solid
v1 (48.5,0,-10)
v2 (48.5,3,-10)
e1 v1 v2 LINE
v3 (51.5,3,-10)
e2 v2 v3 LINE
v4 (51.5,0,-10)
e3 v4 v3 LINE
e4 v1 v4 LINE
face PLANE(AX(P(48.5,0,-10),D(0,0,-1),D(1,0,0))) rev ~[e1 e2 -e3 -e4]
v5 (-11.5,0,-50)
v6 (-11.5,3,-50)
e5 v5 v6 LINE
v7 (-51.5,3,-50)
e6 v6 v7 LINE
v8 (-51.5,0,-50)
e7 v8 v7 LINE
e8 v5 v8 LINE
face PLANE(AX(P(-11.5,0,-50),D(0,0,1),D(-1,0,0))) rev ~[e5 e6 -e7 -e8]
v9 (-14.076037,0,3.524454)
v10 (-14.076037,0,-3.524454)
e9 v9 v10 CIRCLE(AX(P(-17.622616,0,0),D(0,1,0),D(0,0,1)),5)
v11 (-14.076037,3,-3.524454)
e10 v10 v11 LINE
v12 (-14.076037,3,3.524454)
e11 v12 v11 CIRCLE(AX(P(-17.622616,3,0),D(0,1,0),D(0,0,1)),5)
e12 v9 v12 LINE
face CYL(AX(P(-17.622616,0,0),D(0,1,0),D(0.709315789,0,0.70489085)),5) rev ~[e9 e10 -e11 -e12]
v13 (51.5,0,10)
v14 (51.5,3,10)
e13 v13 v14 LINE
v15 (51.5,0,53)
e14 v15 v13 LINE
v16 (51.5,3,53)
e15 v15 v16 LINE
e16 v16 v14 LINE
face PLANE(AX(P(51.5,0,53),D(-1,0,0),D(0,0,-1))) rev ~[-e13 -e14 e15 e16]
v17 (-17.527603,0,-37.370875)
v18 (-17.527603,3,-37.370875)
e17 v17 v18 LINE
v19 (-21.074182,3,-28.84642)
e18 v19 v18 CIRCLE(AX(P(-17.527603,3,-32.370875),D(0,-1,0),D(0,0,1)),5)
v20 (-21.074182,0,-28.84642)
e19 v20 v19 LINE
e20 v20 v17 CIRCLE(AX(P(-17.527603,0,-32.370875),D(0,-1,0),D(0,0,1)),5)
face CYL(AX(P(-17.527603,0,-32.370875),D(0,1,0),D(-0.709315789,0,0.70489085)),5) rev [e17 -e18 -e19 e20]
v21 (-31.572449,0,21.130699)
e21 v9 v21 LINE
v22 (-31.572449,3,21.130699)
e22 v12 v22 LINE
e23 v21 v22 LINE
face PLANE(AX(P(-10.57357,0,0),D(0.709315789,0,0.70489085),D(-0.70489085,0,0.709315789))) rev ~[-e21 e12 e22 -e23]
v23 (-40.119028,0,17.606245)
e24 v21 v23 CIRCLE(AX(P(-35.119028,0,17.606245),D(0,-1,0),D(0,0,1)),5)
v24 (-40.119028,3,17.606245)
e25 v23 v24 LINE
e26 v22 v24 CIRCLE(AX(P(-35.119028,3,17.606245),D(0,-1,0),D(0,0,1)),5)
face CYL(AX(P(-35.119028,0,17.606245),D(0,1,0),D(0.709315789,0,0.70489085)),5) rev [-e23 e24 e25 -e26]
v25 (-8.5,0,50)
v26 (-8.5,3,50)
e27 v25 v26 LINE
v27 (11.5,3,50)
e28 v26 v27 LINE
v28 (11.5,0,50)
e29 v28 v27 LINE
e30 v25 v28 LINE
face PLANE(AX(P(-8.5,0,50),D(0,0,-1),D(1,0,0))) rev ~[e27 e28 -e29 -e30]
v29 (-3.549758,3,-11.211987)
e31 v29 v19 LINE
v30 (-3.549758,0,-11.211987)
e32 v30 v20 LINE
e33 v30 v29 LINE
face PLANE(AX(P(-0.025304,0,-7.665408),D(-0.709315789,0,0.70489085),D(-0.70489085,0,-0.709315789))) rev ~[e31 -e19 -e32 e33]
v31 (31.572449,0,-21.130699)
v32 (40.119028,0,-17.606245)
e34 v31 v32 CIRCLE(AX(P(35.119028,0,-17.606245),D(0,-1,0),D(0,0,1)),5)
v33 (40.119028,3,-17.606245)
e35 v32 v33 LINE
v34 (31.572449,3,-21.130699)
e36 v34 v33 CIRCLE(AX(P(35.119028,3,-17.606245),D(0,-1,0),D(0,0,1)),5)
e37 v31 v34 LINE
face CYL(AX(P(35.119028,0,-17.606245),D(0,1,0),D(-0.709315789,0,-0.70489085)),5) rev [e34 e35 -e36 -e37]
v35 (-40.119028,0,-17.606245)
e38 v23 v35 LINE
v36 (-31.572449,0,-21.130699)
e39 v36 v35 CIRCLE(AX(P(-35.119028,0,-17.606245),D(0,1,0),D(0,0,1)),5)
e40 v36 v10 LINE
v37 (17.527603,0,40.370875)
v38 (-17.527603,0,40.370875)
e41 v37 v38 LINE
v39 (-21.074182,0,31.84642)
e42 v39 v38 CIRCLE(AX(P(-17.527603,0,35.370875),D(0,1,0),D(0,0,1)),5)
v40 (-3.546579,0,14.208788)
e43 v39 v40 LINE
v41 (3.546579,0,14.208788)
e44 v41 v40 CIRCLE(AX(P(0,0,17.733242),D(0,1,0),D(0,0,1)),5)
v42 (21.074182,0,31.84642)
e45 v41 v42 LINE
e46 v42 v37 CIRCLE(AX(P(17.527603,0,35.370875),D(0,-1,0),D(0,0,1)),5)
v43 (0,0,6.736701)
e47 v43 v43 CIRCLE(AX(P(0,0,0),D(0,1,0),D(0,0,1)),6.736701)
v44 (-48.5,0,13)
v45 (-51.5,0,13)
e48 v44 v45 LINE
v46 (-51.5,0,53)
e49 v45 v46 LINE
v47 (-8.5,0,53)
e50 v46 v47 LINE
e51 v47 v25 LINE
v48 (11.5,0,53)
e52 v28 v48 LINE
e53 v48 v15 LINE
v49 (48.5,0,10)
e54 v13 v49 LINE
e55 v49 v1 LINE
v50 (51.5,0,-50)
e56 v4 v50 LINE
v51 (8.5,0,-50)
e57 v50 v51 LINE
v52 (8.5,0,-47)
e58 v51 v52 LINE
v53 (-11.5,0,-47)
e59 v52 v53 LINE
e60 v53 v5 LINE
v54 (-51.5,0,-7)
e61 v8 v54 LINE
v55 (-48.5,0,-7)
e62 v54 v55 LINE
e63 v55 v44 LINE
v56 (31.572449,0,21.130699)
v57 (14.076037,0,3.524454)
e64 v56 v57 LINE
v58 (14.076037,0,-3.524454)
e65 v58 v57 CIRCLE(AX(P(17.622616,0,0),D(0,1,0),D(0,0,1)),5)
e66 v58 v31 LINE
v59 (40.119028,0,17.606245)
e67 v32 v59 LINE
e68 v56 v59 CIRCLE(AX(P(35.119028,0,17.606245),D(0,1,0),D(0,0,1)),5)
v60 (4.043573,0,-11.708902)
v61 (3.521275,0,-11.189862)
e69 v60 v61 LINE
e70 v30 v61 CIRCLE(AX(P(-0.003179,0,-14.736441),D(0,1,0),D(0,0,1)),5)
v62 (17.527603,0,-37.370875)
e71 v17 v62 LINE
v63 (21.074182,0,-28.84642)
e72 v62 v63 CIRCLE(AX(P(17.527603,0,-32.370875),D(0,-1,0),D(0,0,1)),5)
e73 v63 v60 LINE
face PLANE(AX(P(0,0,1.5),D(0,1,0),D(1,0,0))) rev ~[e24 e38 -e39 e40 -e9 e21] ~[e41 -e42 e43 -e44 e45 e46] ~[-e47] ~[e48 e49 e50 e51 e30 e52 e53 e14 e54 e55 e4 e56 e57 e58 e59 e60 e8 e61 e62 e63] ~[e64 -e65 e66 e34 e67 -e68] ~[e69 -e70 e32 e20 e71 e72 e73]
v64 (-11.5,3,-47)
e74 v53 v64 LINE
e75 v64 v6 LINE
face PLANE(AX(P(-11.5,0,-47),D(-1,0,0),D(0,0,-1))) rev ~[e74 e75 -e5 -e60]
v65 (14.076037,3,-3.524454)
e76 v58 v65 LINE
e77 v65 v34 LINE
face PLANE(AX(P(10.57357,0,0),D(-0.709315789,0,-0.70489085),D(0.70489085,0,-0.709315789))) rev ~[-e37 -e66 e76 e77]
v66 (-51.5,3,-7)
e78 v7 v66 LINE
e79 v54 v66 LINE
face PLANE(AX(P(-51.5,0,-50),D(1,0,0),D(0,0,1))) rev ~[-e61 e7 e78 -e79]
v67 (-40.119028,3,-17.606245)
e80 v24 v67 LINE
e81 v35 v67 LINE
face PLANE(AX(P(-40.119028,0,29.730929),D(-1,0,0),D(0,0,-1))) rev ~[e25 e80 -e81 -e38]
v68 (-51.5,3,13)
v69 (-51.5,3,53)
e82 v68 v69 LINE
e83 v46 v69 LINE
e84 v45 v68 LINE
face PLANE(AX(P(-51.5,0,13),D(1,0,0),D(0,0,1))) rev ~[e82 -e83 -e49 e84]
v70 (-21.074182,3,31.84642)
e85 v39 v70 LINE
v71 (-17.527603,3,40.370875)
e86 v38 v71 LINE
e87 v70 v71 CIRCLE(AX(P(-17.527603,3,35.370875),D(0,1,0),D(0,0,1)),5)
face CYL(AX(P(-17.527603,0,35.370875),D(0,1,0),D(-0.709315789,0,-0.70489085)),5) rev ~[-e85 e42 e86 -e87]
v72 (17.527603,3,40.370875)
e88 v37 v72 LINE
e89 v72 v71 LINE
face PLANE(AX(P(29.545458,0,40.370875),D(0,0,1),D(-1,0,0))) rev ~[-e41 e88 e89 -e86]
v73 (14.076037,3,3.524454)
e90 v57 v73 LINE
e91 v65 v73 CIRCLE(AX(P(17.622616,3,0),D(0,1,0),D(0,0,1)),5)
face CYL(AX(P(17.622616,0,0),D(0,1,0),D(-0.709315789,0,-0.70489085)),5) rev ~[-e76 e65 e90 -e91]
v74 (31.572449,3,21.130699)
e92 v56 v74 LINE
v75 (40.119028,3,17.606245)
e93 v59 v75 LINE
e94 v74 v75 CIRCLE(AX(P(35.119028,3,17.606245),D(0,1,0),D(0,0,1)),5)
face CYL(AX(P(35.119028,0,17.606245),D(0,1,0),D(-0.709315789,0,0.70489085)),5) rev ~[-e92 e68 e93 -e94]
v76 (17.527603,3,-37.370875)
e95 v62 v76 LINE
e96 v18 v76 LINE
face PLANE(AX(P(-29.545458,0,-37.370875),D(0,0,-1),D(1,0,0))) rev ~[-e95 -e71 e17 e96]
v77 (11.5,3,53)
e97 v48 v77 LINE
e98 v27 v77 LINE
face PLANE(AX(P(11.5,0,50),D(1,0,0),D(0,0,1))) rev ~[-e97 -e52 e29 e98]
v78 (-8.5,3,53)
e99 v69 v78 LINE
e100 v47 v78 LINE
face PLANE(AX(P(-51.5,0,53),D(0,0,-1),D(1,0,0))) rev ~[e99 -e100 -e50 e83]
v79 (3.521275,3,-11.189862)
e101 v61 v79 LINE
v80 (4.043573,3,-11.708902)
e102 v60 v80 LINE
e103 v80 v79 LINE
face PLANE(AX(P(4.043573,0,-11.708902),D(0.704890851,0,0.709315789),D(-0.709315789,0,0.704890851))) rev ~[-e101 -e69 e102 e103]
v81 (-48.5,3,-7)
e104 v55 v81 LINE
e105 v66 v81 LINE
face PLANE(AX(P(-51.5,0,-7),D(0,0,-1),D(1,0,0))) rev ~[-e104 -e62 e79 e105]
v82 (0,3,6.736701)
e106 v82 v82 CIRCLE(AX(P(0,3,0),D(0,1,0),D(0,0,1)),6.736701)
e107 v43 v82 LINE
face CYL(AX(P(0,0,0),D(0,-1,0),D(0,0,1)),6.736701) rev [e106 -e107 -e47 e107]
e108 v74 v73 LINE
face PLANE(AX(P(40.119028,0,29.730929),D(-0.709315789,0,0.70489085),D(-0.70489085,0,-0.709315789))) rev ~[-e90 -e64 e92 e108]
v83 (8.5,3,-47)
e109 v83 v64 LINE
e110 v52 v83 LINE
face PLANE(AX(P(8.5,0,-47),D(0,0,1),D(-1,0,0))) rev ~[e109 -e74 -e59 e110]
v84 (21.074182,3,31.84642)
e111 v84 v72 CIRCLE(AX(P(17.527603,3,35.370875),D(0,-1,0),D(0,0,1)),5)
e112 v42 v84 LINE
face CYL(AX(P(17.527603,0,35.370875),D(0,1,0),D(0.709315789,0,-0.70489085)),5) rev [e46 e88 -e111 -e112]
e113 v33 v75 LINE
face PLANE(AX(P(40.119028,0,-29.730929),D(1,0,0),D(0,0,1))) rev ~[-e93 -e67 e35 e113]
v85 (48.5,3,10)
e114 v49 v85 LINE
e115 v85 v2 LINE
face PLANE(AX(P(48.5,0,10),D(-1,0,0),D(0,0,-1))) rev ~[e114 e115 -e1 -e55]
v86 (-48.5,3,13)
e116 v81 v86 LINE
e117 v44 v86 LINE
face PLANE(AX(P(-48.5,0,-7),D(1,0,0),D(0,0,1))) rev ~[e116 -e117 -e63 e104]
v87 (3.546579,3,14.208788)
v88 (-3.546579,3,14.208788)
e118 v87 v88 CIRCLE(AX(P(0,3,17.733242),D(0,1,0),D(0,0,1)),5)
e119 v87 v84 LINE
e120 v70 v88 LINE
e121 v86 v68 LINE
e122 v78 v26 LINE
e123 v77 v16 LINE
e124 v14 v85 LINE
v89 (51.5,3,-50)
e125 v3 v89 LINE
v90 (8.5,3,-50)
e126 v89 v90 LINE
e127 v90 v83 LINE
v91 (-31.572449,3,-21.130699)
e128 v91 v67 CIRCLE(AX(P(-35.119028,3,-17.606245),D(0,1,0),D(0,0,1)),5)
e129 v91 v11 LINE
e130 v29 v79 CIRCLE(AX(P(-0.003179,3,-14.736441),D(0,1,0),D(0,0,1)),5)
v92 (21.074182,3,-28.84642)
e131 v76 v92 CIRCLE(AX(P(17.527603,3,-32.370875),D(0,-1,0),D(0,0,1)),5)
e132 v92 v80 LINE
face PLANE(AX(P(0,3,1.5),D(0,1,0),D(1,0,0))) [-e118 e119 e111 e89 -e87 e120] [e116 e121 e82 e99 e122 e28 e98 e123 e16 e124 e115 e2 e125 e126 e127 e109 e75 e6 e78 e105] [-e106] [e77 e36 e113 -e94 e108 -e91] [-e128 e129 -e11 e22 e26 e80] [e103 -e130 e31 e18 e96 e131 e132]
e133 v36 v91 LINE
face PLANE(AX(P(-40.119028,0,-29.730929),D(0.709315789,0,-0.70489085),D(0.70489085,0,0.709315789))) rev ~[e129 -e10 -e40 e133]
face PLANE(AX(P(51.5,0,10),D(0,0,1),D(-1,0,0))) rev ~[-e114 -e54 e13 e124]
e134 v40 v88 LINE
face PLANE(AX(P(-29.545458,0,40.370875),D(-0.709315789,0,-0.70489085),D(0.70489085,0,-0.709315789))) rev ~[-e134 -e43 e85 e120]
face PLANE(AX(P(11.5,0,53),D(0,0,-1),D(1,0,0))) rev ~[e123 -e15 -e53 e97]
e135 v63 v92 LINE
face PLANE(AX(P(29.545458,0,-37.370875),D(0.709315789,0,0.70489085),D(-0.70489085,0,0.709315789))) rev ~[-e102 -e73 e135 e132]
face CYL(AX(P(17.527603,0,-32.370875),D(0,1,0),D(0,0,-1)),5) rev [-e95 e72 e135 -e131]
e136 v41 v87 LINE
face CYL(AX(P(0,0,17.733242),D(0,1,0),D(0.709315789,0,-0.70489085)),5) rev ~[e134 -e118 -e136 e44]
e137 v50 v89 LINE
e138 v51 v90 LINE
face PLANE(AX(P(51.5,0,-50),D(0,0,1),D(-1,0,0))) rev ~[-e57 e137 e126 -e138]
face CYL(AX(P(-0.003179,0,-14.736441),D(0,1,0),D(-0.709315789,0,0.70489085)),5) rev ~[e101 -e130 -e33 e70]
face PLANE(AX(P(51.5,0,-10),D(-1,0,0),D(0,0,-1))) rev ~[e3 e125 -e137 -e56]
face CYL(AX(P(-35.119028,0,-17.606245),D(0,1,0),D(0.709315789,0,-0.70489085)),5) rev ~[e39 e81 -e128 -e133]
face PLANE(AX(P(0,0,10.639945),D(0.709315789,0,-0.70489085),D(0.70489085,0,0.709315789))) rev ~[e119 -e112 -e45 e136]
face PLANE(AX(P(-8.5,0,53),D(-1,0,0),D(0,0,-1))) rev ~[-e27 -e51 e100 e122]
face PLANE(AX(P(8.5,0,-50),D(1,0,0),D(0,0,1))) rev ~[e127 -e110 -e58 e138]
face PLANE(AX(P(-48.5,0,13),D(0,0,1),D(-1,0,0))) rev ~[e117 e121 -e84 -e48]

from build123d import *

# Parameters (mm, degrees)
SKETCH1_R           = 6.736700536
BOSS_EXTRUDE1_DEPTH = 3
FILLET1_R           = 5
FILLET2_R           = 5


with BuildPart() as part:
    # Sketch1 → Boss-Extrude1 (new body)
    with BuildSketch(Plane(origin=(0, 0, 0), x_dir=(1, 0, 0), z_dir=(0, 1, 0))):
        Polygon((-51.5, -13), (-51.5, -53), (-8.5, -53), (-8.5, -50), (11.5, -50), (11.5, -53), (51.5, -53), (51.5, -10), (48.5, -10), (48.5, 10), (51.5, 10), (51.5, 50), (8.5, 50), (8.5, 47), (-11.5, 47), (-11.5, 50), (-51.5, 50), (-51.5, 7), (-48.5, 7), (-48.5, -13), align=None)
        Polygon((-40.119028072, -29.730929333), (-40.119028072, 29.730929333), (-10.573569788, 0), align=None, mode=Mode.SUBTRACT)
        Polygon((-29.545458284, 37.370874503), (29.545458284, 37.370874503), (4.043573282, 11.708901907), (-0.025303783, 7.665407798), align=None, mode=Mode.SUBTRACT)
        Polygon((40.119028072, 29.730929333), (40.119028072, -29.730929333), (10.573569788, 0), align=None, mode=Mode.SUBTRACT)
        Polygon((29.545458284, -40.370874503), (-29.545458284, -40.370874503), (0, -10.63994517), align=None, mode=Mode.SUBTRACT)
        with Locations(Location((0, 0, 0), (0, 0, 270))):
            Circle(SKETCH1_R, mode=Mode.SUBTRACT)
    extrude(amount=BOSS_EXTRUDE1_DEPTH)

    # Fillet1
    fillet1_edges = [part.edges().sort_by_distance(p)[0] for p in [
        (29.545458284, 1.5, 40.370874503),
        (-29.545458284, 1.5, 40.370874503),
        (-40.119028072, 1.5, -29.730929333),
        (-40.119028072, 1.5, 29.730929333),
        (29.545458284, 1.5, -37.370874503),
        (-29.545458284, 1.5, -37.370874503),
        (40.119028072, 1.5, 29.730929333),
        (40.119028072, 1.5, -29.730929333),
    ]]
    fillet(fillet1_edges, radius=FILLET1_R)

    # Fillet2
    fillet2_edges = [part.edges().sort_by_distance(p)[0] for p in [
        (0, 1.5, 10.63994517),
        (-10.573569788, 1.5, 0),
        (-0.025303783, 1.5, -7.665407798),
        (10.573569788, 1.5, 0),
    ]]
    fillet(fillet2_edges, radius=FILLET2_R)


solid = part.part
